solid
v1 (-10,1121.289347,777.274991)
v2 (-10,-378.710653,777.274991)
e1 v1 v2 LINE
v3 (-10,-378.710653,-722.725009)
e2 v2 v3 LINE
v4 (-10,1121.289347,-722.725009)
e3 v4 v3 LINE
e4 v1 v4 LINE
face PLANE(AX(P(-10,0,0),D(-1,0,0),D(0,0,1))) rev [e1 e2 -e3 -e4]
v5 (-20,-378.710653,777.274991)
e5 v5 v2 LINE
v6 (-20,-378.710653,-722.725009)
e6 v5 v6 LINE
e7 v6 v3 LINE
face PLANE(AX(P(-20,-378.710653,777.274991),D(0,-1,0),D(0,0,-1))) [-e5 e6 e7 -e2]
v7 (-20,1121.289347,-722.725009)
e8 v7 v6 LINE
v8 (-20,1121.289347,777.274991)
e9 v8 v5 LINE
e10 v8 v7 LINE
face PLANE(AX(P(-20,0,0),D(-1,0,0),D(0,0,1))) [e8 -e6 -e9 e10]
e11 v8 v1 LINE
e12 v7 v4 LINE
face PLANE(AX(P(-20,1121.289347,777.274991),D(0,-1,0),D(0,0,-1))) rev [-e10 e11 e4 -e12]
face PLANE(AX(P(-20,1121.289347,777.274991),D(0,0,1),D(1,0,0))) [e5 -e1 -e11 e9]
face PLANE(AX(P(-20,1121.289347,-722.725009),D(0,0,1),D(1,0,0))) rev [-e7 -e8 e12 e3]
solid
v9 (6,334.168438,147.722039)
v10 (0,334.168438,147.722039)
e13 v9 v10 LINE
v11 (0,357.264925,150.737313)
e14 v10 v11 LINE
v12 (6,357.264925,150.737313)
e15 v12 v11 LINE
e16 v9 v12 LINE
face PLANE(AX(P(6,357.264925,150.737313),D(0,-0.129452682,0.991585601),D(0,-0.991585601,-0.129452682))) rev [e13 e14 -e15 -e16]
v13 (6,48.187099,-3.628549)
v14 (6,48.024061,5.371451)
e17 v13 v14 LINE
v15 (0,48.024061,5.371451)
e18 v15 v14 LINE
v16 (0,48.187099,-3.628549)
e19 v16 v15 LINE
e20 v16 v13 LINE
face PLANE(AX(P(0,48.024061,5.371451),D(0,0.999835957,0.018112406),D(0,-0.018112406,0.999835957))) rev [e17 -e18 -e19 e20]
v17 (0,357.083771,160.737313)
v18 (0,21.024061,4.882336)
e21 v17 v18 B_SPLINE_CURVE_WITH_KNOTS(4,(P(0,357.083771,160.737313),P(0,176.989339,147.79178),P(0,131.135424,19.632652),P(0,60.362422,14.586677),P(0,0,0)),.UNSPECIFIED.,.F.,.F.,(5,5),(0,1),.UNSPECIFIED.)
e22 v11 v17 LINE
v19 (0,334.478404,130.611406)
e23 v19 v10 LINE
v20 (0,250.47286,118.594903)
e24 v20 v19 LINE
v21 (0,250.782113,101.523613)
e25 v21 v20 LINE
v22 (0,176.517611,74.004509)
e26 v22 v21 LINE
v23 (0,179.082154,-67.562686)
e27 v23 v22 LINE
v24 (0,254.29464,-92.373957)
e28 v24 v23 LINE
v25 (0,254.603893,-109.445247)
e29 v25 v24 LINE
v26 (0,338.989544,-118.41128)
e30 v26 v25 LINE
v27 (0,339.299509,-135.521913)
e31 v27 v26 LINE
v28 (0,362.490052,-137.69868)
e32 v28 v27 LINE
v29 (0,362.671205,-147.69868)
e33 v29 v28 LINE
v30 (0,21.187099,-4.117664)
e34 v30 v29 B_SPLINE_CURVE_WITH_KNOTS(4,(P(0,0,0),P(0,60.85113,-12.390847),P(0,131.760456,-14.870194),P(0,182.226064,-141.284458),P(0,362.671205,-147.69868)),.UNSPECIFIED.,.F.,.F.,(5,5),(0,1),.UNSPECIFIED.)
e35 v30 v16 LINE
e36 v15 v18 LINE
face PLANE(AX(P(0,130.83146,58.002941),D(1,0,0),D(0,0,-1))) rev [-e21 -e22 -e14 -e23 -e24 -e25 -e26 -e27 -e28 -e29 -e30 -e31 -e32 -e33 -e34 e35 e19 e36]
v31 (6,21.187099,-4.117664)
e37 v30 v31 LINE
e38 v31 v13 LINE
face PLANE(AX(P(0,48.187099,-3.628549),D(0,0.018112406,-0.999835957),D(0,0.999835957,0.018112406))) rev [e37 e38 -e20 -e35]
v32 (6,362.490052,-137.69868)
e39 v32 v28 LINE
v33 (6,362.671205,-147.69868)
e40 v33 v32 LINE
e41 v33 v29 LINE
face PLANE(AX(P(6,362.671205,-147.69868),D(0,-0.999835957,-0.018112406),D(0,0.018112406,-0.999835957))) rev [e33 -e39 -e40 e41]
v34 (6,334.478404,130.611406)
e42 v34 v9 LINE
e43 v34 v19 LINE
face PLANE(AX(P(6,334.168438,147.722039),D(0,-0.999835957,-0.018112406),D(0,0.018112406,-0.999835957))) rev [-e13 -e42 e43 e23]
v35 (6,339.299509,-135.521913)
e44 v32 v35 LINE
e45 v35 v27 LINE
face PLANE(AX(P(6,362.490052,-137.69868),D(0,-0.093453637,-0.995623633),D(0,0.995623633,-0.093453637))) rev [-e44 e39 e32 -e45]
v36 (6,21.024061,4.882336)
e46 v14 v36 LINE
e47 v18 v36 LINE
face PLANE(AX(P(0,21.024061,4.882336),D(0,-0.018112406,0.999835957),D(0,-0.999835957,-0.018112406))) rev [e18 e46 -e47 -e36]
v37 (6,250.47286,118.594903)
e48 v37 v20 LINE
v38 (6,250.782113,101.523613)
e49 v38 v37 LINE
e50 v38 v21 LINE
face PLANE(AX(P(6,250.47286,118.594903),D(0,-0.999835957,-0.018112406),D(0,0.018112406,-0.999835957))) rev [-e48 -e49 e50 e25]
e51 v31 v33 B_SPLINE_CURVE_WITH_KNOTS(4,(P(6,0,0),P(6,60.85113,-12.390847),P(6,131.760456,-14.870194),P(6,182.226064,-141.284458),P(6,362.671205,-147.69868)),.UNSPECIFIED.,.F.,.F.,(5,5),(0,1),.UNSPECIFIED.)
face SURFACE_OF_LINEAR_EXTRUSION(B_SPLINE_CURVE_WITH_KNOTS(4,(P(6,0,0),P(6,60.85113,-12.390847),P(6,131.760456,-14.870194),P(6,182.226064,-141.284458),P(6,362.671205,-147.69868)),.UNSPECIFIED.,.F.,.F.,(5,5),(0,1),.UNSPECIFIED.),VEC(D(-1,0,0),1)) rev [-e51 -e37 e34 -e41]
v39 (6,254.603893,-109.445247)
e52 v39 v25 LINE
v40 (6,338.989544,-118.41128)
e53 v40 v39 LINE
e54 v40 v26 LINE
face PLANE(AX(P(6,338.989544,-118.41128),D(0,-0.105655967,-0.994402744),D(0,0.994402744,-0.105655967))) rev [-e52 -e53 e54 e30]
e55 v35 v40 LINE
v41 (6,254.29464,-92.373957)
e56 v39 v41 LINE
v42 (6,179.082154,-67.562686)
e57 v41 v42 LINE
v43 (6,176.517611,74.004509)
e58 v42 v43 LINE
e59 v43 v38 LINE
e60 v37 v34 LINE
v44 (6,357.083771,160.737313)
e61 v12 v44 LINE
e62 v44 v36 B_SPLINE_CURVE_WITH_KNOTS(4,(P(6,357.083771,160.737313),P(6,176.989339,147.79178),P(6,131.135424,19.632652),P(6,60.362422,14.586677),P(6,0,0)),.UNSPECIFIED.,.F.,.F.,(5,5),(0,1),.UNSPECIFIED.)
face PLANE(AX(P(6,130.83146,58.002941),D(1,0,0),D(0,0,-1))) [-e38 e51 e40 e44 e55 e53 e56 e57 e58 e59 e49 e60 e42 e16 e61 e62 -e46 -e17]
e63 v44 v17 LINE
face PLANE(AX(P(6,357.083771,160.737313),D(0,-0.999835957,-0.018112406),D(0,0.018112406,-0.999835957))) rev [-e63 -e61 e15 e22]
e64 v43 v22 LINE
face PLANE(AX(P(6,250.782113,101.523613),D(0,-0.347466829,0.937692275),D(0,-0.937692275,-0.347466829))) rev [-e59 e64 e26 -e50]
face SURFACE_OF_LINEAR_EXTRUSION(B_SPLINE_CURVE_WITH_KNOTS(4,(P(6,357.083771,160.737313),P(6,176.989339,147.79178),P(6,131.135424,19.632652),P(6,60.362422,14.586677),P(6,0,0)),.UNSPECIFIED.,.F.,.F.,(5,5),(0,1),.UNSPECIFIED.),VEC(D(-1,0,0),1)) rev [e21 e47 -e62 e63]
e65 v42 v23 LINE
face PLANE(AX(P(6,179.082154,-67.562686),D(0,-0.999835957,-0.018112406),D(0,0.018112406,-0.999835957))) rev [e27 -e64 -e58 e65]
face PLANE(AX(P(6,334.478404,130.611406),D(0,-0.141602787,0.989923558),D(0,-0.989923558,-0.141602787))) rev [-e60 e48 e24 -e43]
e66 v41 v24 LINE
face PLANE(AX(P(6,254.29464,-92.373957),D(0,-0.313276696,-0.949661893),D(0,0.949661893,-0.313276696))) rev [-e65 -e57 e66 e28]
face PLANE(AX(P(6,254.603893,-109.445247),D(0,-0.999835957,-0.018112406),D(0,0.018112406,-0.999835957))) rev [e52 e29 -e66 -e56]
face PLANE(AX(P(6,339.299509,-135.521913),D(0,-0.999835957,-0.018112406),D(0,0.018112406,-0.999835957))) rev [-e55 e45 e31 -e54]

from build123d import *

# Parameters (mm, degrees)
BOSS_EXTRU_2_DEPTH      = 10
BOSS_EXTRU_3_DEPTH      = 6
ENL_V_MAT_EXTRU_1_DEPTH = 6


with BuildPart() as part:
    # Esquisse3D1 → Boss.-Extru.2 (new body)
    with BuildSketch(Plane(origin=(-20, 1121.289346724, 777.274991403), x_dir=(0, -0.7071067811865476, -0.7071067811865476), z_dir=(1, 0, 0))):
        Polygon((0, 0), (1060.66017178, 1060.66017178), (2121.32034356, 0), (1060.66017178, -1060.66017178), align=None)
    extrude(amount=BOSS_EXTRU_2_DEPTH)


with BuildPart() as body_2:
    # Esquisse5 → Boss.-Extru.3 (new body)
    with BuildSketch(Plane(origin=(0, 0, 0), x_dir=(0, 0, -1), z_dir=(1, 0, 0))):
        with BuildLine():
            Line((147.698680125, 362.671205325), (137.698680125, 362.490051553))
            Line((137.698680125, 362.490051553), (135.521913269, 339.299509241))
            Line((135.521913269, 339.299509241), (118.411279765, 338.98954366))
            Line((118.411279765, 338.98954366), (109.445247044, 254.603893018))
            Line((109.445247044, 254.603893018), (92.373957202, 254.294640162))
            Line((92.373957202, 254.294640162), (67.56268558, 179.082154003))
            Line((67.56268558, 179.082154003), (-74.004509473, 176.517610858))
            Line((-74.004509473, 176.517610858), (-101.52361312, 250.782112527))
            Line((-101.52361312, 250.782112527), (-118.594902962, 250.472859671))
            Line((-118.594902962, 250.472859671), (-130.611405702, 334.478403767))
            Line((-130.611405702, 334.478403767), (-147.722039206, 334.168438186))
            Line((-147.722039206, 334.168438186), (-150.737313052, 357.264924722))
            Line((-150.737313052, 357.264924722), (-160.737313052, 357.083770949))
            add(Edge.make_bspline(
                [(0, 0), (-14.586676597, 60.362422447), (-19.632652429, 131.135423655), (-147.791780291, 176.989338925), (-160.737313052, 357.083770949)],
                knots=[0, 0, 0, 0, 0, 1, 1, 1, 1, 1], degree=4))
            add(Edge.make_bspline(
                [(0, 0), (12.390847358, 60.851130471), (14.870194395, 131.760455742), (141.284457751, 182.226064033), (147.698680125, 362.671205325)],
                knots=[0, 0, 0, 0, 0, 1, 1, 1, 1, 1], degree=4))
        make_face()
    extrude(amount=BOSS_EXTRU_3_DEPTH)

    # Esquisse6 → Enlèv. mat.-Extru.1 (cut)
    with BuildSketch(Plane(origin=(6, 0, 0), x_dir=(0, 0, -1), z_dir=(1, 0, 0))):
        Polygon((-4.882335547, 21.024060985), (-5.371450733, 48.024060985), (3.628549267, 48.18709938), (4.117664453, 21.18709938), (117.063261114, -47.52702125), (-85.227699586, -65.220017949), align=None)
    extrude(amount=-ENL_V_MAT_EXTRU_1_DEPTH, mode=Mode.SUBTRACT)


solid = Compound([part.part, body_2.part])
